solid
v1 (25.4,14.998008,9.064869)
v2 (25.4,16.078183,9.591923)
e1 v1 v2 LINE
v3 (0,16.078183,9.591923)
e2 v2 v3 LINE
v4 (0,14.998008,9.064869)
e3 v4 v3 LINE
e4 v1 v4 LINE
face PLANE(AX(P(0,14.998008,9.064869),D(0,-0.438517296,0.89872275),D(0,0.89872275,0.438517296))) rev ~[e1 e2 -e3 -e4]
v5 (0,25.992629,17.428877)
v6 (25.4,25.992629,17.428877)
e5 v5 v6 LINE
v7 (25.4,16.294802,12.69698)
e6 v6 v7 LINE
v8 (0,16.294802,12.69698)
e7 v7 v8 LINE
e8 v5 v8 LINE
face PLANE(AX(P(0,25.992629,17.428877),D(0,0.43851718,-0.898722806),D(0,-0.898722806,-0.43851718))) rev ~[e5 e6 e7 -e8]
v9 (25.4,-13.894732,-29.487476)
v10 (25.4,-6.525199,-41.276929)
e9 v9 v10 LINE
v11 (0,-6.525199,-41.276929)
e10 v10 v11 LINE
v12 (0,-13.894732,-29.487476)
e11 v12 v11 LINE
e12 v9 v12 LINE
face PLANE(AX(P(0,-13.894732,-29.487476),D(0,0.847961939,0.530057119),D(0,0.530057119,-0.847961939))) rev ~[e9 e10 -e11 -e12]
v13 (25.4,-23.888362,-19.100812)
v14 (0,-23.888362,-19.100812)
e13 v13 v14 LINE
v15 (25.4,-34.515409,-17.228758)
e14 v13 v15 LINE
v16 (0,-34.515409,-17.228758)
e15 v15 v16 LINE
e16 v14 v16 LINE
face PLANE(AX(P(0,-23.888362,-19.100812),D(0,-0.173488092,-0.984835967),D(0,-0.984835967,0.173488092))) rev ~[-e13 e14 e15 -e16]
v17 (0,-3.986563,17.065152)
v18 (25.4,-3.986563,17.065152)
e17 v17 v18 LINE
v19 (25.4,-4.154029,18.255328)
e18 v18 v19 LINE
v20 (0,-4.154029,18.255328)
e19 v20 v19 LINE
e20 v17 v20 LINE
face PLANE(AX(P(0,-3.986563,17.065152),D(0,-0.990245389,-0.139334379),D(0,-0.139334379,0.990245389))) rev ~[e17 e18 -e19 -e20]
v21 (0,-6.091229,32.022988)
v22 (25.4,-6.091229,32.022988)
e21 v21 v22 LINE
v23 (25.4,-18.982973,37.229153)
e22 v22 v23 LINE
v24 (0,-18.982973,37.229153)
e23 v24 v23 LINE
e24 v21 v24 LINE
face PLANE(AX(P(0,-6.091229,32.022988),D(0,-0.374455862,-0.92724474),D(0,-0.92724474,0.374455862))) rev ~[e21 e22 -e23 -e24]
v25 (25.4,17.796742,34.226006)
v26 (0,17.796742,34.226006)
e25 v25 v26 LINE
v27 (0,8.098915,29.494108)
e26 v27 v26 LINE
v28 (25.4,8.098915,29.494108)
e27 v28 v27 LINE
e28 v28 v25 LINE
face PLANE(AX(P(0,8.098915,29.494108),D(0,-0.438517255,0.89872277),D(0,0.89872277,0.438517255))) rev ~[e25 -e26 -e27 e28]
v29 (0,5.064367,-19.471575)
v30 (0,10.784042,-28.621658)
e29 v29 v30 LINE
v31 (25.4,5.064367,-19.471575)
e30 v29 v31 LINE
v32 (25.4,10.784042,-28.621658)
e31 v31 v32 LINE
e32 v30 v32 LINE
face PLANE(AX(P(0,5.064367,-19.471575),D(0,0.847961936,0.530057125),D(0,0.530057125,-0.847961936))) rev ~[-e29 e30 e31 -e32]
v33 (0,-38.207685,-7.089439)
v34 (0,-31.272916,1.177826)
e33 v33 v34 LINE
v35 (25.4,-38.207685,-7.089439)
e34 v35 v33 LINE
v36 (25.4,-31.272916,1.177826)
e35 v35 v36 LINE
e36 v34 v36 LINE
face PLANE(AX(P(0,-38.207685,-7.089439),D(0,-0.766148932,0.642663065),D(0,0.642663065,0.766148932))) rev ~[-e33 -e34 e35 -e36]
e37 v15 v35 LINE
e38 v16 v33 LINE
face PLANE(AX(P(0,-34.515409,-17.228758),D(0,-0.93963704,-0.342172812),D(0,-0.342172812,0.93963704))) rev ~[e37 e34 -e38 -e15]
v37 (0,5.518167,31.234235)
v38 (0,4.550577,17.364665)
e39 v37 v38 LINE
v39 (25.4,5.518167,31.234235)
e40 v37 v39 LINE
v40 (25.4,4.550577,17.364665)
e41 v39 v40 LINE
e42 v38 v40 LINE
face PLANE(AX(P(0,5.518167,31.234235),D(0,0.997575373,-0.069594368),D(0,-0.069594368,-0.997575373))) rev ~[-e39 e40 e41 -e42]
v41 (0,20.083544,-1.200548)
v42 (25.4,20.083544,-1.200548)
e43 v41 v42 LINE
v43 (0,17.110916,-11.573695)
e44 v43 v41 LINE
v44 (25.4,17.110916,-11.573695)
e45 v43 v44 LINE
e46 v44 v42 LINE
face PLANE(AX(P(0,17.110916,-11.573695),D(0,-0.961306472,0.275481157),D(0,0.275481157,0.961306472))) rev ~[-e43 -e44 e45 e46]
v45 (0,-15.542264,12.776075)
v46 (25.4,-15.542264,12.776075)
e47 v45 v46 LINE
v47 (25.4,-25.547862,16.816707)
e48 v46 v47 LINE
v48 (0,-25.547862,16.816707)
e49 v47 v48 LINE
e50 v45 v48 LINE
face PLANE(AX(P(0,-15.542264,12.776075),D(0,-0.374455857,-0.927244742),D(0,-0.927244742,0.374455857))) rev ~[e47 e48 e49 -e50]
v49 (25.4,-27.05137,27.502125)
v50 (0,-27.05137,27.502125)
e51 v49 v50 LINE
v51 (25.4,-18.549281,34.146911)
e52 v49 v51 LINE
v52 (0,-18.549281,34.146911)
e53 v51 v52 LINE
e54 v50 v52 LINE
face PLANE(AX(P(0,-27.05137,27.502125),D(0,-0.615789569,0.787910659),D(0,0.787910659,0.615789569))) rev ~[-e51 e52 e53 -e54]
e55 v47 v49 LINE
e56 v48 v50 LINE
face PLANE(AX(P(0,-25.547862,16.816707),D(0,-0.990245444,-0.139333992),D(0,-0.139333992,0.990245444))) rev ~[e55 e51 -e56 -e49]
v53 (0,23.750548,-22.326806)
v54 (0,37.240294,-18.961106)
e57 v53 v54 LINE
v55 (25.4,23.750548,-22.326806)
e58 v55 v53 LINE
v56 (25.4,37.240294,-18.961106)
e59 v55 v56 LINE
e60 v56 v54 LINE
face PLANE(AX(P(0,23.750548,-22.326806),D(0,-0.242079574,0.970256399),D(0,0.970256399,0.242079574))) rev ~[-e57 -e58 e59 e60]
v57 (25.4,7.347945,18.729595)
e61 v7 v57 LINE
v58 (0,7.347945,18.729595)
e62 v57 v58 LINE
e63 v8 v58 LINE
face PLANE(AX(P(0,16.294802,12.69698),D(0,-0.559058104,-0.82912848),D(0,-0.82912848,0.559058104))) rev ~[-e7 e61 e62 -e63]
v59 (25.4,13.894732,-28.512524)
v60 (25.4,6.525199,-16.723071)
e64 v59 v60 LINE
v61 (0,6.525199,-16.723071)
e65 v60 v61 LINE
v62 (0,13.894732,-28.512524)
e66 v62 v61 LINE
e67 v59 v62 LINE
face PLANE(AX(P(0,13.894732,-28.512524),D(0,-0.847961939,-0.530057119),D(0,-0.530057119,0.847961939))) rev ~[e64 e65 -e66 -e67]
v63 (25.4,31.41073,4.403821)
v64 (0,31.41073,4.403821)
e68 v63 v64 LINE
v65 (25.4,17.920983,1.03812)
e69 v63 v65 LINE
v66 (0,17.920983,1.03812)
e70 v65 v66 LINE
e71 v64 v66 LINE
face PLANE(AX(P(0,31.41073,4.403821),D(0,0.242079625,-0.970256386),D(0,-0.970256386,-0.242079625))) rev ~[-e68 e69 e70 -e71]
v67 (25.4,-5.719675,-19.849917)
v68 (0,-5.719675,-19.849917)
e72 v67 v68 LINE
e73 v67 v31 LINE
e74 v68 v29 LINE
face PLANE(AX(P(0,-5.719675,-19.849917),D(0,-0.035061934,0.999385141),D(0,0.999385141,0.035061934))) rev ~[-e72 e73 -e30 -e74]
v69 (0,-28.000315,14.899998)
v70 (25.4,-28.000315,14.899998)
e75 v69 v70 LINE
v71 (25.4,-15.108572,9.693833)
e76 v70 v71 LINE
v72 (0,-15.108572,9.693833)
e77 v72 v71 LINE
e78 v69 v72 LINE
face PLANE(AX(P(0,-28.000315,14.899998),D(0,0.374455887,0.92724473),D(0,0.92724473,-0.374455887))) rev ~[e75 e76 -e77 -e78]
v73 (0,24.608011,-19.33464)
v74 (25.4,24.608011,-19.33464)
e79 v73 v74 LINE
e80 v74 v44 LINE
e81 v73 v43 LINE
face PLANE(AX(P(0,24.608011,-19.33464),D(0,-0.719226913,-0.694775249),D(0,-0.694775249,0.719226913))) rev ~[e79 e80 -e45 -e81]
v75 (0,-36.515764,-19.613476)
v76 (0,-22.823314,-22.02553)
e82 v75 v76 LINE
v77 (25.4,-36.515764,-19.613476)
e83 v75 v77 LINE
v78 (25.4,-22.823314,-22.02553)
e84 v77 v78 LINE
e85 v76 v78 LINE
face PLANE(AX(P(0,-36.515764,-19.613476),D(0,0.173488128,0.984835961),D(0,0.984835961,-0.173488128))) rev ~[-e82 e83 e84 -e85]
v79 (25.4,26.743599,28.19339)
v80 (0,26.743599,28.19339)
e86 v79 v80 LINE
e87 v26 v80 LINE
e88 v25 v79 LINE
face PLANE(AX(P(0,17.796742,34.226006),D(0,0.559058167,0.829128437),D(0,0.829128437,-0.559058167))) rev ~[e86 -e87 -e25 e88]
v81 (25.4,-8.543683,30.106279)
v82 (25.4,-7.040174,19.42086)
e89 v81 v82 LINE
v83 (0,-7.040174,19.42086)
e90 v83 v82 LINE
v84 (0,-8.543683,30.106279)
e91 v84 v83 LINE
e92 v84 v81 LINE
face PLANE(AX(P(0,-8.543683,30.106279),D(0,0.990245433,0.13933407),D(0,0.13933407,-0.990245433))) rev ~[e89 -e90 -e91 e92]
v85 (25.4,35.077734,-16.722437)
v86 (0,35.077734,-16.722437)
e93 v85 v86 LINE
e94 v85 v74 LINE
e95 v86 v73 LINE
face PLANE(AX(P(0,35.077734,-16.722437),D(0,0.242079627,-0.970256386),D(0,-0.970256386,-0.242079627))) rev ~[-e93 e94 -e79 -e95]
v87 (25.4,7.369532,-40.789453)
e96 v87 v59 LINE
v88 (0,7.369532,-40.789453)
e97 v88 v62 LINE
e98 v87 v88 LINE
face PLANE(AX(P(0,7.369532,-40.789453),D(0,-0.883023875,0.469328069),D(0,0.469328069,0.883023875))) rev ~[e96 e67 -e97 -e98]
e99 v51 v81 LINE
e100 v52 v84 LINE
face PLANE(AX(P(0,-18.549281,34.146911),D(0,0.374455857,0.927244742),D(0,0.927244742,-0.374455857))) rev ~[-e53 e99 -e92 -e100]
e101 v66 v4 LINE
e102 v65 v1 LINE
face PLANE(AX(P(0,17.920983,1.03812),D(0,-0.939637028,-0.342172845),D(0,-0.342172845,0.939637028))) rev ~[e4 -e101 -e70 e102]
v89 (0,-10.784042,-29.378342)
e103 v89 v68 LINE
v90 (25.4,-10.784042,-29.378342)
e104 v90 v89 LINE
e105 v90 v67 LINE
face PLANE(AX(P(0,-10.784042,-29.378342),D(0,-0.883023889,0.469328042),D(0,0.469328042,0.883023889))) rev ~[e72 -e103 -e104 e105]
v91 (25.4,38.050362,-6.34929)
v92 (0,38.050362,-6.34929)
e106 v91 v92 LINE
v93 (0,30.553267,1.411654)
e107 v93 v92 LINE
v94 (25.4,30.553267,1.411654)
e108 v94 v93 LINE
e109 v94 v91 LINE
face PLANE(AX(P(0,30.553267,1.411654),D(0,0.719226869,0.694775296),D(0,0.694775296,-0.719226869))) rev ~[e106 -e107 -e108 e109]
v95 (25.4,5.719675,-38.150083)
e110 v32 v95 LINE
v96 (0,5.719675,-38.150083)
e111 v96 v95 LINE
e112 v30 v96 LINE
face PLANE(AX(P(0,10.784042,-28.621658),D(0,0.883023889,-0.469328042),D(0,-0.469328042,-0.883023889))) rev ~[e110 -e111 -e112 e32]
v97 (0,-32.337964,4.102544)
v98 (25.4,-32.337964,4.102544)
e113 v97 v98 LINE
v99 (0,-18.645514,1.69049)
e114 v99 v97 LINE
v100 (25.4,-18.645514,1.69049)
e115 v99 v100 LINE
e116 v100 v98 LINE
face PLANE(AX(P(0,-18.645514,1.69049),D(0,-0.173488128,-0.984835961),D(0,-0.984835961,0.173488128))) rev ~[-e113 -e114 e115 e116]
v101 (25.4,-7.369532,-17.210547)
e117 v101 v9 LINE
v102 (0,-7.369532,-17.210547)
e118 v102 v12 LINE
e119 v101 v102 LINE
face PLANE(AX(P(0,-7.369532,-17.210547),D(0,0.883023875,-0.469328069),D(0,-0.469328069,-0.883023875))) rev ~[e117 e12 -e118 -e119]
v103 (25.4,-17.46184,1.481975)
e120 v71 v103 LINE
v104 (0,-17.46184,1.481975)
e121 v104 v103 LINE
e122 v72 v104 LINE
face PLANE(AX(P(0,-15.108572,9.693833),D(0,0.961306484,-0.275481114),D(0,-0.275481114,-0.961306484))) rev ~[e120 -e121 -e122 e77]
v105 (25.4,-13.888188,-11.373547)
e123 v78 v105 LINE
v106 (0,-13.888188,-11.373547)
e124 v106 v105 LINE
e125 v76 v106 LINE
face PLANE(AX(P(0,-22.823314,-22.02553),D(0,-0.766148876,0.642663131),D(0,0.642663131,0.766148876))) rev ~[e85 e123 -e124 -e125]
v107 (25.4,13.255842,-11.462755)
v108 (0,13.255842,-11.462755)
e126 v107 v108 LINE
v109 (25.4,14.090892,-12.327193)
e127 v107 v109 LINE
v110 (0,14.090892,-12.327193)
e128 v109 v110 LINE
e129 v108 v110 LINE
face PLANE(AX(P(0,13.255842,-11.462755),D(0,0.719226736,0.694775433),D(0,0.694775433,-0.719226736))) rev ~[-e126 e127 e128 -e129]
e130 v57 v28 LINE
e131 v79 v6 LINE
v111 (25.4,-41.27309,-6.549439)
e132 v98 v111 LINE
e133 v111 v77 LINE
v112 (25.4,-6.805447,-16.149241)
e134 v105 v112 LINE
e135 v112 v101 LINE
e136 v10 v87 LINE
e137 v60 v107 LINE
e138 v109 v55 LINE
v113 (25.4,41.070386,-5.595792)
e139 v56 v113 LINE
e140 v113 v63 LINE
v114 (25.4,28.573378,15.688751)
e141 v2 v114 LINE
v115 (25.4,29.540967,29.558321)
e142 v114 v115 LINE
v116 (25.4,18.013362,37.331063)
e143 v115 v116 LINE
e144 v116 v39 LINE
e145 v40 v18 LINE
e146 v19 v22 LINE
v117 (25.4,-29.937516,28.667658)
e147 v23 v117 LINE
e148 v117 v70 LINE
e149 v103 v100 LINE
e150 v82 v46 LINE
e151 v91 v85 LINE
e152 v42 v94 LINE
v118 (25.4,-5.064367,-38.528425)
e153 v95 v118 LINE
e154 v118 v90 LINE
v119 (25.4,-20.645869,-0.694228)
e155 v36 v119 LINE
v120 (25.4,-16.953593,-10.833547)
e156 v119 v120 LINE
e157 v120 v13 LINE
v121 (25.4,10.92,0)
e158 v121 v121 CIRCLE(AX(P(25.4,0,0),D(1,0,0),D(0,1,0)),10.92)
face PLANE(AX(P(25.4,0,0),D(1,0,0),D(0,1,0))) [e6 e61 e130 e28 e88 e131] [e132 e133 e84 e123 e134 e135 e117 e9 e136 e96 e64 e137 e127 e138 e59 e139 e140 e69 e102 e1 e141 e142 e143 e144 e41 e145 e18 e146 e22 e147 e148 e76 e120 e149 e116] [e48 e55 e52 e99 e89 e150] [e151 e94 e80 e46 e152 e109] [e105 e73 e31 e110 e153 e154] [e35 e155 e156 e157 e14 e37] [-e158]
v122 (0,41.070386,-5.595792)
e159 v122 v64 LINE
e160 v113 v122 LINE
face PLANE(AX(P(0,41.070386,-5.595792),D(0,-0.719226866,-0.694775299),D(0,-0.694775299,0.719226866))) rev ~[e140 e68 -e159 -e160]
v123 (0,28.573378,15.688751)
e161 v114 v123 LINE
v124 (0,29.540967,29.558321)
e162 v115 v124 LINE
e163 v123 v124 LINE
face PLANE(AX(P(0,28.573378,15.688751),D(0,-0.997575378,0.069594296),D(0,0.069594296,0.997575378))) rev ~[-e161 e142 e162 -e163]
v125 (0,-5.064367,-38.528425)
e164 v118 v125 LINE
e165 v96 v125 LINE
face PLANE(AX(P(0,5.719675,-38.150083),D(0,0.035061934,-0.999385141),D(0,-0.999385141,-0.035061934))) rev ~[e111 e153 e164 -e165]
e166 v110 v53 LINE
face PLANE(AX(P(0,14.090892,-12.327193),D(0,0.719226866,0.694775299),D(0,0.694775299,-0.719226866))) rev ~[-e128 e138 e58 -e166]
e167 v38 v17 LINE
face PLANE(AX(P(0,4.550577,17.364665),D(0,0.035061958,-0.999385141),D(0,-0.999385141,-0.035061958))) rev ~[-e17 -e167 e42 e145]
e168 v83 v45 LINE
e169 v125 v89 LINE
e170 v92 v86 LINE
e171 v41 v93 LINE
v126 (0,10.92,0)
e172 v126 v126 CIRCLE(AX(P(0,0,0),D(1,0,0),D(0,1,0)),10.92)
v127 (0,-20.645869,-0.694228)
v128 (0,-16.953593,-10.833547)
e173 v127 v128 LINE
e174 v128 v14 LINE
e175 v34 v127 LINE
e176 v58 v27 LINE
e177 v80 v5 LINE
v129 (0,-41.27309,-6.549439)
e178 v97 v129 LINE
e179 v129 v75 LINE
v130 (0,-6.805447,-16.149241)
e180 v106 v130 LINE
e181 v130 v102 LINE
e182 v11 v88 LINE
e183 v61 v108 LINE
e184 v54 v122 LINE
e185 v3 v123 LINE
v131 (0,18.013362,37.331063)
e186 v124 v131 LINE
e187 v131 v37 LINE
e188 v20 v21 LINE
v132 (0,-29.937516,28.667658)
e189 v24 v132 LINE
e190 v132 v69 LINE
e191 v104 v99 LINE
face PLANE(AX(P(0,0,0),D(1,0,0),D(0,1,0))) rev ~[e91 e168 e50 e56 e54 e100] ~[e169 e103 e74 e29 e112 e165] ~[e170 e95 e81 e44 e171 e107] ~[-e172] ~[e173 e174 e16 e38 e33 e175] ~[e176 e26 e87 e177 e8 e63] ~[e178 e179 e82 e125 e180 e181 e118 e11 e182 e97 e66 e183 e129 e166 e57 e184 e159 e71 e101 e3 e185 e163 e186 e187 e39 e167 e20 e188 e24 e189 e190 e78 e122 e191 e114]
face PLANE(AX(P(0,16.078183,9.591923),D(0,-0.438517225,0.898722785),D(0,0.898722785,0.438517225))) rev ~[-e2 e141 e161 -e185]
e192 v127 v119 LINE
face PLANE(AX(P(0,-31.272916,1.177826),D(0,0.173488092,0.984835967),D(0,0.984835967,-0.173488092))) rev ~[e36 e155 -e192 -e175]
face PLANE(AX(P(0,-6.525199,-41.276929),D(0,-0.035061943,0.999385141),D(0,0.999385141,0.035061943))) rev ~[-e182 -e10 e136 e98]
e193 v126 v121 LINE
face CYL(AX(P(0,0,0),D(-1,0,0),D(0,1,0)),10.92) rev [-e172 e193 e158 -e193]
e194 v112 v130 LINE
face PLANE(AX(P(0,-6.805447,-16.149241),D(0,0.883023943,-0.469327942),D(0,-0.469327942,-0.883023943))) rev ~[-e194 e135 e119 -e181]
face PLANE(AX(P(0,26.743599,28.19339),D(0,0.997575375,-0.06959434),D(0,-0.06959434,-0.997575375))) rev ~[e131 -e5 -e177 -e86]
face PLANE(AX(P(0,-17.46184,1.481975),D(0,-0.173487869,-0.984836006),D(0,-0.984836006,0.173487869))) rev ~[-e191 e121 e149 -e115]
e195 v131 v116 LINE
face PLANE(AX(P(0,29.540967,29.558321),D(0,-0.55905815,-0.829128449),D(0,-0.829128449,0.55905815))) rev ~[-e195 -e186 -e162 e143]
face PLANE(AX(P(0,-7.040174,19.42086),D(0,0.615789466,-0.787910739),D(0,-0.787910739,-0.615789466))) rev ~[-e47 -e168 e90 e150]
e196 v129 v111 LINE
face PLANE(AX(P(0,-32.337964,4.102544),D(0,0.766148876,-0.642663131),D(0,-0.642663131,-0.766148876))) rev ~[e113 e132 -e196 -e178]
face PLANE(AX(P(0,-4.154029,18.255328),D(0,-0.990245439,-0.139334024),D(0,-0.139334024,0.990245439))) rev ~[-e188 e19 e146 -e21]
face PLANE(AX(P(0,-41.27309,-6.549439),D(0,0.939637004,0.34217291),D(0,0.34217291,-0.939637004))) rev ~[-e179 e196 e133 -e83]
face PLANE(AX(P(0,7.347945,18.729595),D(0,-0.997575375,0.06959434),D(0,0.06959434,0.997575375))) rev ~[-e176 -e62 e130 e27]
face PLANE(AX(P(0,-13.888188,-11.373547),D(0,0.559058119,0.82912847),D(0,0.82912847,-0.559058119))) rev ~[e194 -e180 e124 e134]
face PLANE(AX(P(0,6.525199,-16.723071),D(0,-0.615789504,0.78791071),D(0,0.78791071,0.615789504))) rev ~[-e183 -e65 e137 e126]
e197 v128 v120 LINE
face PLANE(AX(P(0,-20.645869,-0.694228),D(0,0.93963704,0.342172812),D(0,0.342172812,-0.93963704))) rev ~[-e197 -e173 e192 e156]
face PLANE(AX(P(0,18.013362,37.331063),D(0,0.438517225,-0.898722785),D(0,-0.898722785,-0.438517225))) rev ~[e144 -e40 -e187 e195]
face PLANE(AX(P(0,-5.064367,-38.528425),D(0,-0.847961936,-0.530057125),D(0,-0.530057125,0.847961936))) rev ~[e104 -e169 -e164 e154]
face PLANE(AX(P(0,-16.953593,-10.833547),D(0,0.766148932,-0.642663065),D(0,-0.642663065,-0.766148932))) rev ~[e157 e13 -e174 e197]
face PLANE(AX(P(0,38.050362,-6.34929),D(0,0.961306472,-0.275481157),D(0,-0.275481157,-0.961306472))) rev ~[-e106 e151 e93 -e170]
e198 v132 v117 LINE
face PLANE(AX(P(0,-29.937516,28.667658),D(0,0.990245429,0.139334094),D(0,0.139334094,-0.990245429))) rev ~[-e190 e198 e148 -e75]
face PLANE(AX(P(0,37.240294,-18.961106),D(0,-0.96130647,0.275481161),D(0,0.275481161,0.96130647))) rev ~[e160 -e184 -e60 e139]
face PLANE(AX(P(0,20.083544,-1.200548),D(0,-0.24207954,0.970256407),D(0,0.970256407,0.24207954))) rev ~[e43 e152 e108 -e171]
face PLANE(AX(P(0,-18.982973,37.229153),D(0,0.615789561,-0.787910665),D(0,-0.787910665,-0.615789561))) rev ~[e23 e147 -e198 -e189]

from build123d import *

# Parameters (mm, degrees)
F0_R     = 10.92
F1_DEPTH = 25.4
F2_DEPTH = 25


with BuildPart() as f1:
    # F0 (on Right) → F1 (new body)
    with BuildSketch(Plane.YZ):
        Polygon((29.540967, 29.558321), (18.013362, 37.331063), (5.518167, 31.234235), (4.550577, 17.364665), (-3.986563, 17.065152), (-4.154029, 18.255328), (-6.091229, 32.022988), (-18.982973, 37.229153), (-29.937516, 28.667658), (-28.000315, 14.899998), (-15.108572, 9.693833), (-17.46184, 1.481975), (-18.645514, 1.69049), (-32.337964, 4.102544), (-41.27309, -6.549439), (-36.515764, -19.613476), (-22.823314, -22.02553), (-13.888188, -11.373547), (-6.805447, -16.149241), (-7.369532, -17.210547), (-13.894732, -29.487476), (-6.525199, -41.276929), (7.369532, -40.789453), (13.894732, -28.512524), (6.525199, -16.723071), (13.255842, -11.462755), (14.090892, -12.327193), (23.750548, -22.326806), (37.240294, -18.961106), (41.070386, -5.595792), (31.41073, 4.403821), (17.920983, 1.03812), (14.998008, 9.064869), (16.078183, 9.591923), (28.573378, 15.688751), align=None)
        Polygon((-31.272916, 1.177826), (-20.645869, -0.694228), (-16.953593, -10.833547), (-23.888362, -19.100812), (-34.515409, -17.228758), (-38.207685, -7.089439), align=None, mode=Mode.SUBTRACT)
        Polygon((5.064367, -19.471575), (10.784042, -28.621658), (5.719675, -38.150083), (-5.064367, -38.528425), (-10.784042, -29.378342), (-5.719675, -19.849917), align=None, mode=Mode.SUBTRACT)
        Polygon((24.608011, -19.33464), (17.110916, -11.573695), (20.083544, -1.200548), (30.553267, 1.411654), (38.050362, -6.34929), (35.077734, -16.722437), align=None, mode=Mode.SUBTRACT)
        Polygon((-8.543683, 30.106279), (-7.040174, 19.42086), (-15.542264, 12.776075), (-25.547862, 16.816707), (-27.05137, 27.502125), (-18.549281, 34.146911), align=None, mode=Mode.SUBTRACT)
        Circle(F0_R, mode=Mode.SUBTRACT)
        Polygon((25.992629, 17.428877), (16.294802, 12.69698), (7.347945, 18.729595), (8.098915, 29.494108), (17.796742, 34.226006), (26.743599, 28.19339), align=None, mode=Mode.SUBTRACT)
    extrude(amount=F1_DEPTH)

    # F0 (on Right) → F2 (join)
    with BuildSketch(Plane.YZ):
        Polygon((29.540967, 29.558321), (18.013362, 37.331063), (5.518167, 31.234235), (4.550577, 17.364665), (-3.986563, 17.065152), (-4.154029, 18.255328), (-6.091229, 32.022988), (-18.982973, 37.229153), (-29.937516, 28.667658), (-28.000315, 14.899998), (-15.108572, 9.693833), (-17.46184, 1.481975), (-18.645514, 1.69049), (-32.337964, 4.102544), (-41.27309, -6.549439), (-36.515764, -19.613476), (-22.823314, -22.02553), (-13.888188, -11.373547), (-6.805447, -16.149241), (-7.369532, -17.210547), (-13.894732, -29.487476), (-6.525199, -41.276929), (7.369532, -40.789453), (13.894732, -28.512524), (6.525199, -16.723071), (13.255842, -11.462755), (14.090892, -12.327193), (23.750548, -22.326806), (37.240294, -18.961106), (41.070386, -5.595792), (31.41073, 4.403821), (17.920983, 1.03812), (14.998008, 9.064869), (16.078183, 9.591923), (28.573378, 15.688751), align=None)
        Polygon((-31.272916, 1.177826), (-20.645869, -0.694228), (-16.953593, -10.833547), (-23.888362, -19.100812), (-34.515409, -17.228758), (-38.207685, -7.089439), align=None, mode=Mode.SUBTRACT)
        Polygon((5.064367, -19.471575), (10.784042, -28.621658), (5.719675, -38.150083), (-5.064367, -38.528425), (-10.784042, -29.378342), (-5.719675, -19.849917), align=None, mode=Mode.SUBTRACT)
        Polygon((24.608011, -19.33464), (17.110916, -11.573695), (20.083544, -1.200548), (30.553267, 1.411654), (38.050362, -6.34929), (35.077734, -16.722437), align=None, mode=Mode.SUBTRACT)
        Polygon((-8.543683, 30.106279), (-7.040174, 19.42086), (-15.542264, 12.776075), (-25.547862, 16.816707), (-27.05137, 27.502125), (-18.549281, 34.146911), align=None, mode=Mode.SUBTRACT)
        Circle(F0_R, mode=Mode.SUBTRACT)
        Polygon((25.992629, 17.428877), (16.294802, 12.69698), (7.347945, 18.729595), (8.098915, 29.494108), (17.796742, 34.226006), (26.743599, 28.19339), align=None, mode=Mode.SUBTRACT)
    extrude(amount=F2_DEPTH)


solid = f1.part
